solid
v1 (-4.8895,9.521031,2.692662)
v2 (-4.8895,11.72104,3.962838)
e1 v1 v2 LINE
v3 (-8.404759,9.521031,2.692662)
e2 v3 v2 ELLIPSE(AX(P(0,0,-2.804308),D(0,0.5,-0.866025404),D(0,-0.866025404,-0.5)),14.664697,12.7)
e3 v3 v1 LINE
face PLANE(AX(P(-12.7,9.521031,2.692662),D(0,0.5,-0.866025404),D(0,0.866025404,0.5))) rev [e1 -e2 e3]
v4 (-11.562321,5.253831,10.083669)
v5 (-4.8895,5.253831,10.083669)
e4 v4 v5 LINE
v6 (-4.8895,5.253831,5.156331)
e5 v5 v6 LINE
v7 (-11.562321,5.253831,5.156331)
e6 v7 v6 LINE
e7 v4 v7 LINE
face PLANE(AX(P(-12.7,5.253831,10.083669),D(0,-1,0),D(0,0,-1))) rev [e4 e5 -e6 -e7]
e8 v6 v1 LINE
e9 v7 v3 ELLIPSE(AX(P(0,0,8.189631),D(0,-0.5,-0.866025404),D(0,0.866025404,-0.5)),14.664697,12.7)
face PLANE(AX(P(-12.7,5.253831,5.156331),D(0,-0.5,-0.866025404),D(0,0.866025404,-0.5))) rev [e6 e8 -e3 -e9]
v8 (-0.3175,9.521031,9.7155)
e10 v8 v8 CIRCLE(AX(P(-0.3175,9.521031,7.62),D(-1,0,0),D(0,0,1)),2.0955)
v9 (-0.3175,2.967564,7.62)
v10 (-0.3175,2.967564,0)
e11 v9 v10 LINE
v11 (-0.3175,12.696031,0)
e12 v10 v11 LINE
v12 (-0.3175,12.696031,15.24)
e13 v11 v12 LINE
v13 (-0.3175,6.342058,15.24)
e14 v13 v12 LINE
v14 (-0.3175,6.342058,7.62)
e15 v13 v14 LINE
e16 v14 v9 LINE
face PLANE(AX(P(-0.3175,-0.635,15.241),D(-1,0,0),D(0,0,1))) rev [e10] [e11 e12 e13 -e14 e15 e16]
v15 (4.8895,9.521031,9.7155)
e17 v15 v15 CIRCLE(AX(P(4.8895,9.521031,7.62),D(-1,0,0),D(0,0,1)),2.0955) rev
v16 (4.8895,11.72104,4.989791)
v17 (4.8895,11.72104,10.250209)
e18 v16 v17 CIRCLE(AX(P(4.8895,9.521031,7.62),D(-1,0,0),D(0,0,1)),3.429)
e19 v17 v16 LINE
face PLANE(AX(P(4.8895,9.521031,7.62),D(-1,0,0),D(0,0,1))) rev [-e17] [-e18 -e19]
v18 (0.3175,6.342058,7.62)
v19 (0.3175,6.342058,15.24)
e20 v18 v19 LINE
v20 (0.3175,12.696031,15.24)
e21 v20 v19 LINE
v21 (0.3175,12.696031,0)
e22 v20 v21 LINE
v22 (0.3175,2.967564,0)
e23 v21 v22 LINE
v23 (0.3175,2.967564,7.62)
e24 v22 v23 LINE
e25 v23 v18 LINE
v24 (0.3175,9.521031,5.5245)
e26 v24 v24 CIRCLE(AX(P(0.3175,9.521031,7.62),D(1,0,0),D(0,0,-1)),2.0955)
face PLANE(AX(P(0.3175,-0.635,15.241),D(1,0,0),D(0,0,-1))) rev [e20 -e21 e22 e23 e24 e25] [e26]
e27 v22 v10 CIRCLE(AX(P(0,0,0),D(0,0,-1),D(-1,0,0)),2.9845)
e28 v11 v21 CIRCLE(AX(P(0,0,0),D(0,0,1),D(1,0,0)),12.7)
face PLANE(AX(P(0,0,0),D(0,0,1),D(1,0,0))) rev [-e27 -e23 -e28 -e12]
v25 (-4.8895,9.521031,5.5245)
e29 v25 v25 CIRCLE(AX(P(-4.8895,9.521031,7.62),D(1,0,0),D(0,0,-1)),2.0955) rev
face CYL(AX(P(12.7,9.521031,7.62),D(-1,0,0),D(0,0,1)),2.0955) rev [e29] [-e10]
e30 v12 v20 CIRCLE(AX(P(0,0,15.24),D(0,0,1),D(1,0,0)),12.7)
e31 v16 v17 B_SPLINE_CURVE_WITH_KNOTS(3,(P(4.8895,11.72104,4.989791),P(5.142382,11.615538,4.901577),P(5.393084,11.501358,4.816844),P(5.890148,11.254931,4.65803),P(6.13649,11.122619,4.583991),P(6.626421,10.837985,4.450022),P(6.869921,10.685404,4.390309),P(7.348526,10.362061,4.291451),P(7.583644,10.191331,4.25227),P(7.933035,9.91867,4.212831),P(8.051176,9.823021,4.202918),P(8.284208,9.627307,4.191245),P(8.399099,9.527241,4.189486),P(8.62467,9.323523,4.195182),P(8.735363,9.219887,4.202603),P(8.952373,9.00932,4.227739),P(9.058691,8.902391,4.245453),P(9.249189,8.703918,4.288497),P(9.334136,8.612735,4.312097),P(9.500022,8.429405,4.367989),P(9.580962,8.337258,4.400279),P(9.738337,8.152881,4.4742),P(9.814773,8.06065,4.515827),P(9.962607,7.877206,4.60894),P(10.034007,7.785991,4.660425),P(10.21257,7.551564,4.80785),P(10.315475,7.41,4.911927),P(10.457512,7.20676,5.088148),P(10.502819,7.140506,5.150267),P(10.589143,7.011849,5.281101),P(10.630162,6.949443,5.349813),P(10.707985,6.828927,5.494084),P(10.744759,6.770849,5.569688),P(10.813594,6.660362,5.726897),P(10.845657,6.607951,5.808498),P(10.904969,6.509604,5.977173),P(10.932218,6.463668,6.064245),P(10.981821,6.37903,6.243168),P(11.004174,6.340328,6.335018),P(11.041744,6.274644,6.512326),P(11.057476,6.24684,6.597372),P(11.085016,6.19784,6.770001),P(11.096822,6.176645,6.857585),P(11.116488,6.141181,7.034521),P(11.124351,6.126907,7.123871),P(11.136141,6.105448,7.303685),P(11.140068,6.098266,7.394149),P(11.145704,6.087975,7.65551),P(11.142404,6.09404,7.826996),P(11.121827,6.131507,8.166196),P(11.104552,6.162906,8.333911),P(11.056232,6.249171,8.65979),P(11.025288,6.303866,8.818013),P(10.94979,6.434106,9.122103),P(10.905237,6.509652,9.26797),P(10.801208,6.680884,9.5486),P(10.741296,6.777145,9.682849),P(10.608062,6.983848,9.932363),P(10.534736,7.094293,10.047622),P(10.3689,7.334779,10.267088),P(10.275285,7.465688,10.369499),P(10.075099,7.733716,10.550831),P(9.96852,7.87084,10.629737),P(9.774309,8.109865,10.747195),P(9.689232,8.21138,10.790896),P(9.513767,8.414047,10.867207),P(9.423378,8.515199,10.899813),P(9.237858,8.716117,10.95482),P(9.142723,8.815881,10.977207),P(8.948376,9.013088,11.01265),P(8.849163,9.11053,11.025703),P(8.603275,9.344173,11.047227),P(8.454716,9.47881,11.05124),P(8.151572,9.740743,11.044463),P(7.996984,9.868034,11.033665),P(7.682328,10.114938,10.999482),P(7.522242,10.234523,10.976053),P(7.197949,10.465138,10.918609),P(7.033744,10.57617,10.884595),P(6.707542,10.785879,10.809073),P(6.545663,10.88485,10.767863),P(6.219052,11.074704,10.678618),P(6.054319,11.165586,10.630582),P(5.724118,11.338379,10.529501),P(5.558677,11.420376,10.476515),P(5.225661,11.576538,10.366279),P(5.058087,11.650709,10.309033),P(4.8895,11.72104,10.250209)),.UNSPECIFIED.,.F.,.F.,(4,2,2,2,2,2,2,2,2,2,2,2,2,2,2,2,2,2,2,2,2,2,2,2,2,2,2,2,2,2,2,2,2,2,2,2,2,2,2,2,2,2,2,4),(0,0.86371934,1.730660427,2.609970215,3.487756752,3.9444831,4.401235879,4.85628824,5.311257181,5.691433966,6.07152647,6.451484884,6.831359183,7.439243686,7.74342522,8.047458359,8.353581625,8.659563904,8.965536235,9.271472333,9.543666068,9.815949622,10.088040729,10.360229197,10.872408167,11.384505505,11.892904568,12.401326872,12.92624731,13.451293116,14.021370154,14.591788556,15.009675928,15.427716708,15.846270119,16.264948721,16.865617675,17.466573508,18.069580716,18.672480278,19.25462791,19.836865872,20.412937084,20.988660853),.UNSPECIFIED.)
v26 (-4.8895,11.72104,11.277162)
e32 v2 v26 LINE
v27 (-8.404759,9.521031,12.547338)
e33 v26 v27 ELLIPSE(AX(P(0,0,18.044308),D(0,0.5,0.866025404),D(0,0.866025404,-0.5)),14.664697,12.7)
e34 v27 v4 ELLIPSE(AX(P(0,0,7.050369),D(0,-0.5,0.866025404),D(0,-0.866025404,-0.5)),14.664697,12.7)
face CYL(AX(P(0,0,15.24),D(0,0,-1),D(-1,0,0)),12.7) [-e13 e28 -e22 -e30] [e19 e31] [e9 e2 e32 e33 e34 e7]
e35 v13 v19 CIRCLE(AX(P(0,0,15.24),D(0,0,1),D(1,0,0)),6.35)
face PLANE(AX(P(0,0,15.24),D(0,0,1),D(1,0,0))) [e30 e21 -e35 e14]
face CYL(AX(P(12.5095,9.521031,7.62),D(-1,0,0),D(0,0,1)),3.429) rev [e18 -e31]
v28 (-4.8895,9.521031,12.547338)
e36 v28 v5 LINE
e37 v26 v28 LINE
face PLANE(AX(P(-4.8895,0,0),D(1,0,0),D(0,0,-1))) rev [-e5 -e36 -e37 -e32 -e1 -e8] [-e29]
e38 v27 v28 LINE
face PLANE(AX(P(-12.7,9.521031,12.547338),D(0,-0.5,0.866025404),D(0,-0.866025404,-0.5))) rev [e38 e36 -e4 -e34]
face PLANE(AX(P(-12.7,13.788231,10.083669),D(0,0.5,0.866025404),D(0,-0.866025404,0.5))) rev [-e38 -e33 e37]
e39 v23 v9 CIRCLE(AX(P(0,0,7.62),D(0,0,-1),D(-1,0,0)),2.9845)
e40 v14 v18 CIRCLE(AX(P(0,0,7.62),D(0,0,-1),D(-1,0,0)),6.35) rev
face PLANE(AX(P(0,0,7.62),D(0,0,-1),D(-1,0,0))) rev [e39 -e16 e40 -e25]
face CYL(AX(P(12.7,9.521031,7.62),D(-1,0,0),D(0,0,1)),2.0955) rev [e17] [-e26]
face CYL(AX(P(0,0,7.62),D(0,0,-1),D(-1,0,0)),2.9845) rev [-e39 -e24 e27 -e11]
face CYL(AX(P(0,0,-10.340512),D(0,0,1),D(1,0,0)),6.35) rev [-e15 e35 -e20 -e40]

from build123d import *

# Parameters (mm, degrees)
SKETCH1_R               = 12.7
BOSS_EXTRUDE1_DEPTH     = 15.24
SKETCH2_R               = 2.9845
CUT_EXTRUDE1_DEPTH      = 7.62
SKETCH3_R               = 6.35
CUT_EXTRUDE2_DEPTH      = 7.62
CUT_EXTRUDE3_REACH      = 25.555
SKETCH7_W               = 0.635
SKETCH7_H               = 13.97
CUT_EXTRUDE4_DEPTH      = 24.727682277
CUT_EXTRUDE4_DEPTH_BACK = 24.727682277
SKETCH8_R               = 2.0955
SKETCH9_R               = 3.429
CUT_EXTRUDE5_DEPTH      = 7.62
CUT_EXTRUDE6_DEPTH      = 27.512980205


with BuildPart() as part:
    # Sketch1 → Boss-Extrude1 (new body)
    with BuildSketch(Plane.XY):
        with Locations(Location((0, 0, 0), (0, 0, 180))):
            Circle(SKETCH1_R)
    extrude(amount=BOSS_EXTRUDE1_DEPTH)

    # Sketch2 → Cut-Extrude1 (cut)
    with BuildSketch(Plane(origin=(0, 0, 0), x_dir=(-1, 0, 0), z_dir=(0, 0, -1))):
        Circle(SKETCH2_R)
    extrude(amount=-CUT_EXTRUDE1_DEPTH, mode=Mode.SUBTRACT)

    # Sketch3 → Cut-Extrude2 (cut)
    with BuildSketch(Plane.XY.offset(15.24)):
        Circle(SKETCH3_R)
    extrude(amount=-CUT_EXTRUDE2_DEPTH, mode=Mode.SUBTRACT)

    # Sketch7 → Cut-Extrude3 (cut, up to next)
    with BuildSketch(Plane(origin=(0, 0, 0), x_dir=(-1, 0, 0), z_dir=(0, 0, -1)), mode=Mode.PRIVATE) as cut_extrude3_sk1:
        with Locations((0, 6.35)):
            Rectangle(SKETCH7_W, SKETCH7_H)
    cut_extrude3_tool1 = extrude(cut_extrude3_sk1.sketch, amount=-CUT_EXTRUDE3_REACH, mode=Mode.PRIVATE) & part.part
    add(cut_extrude3_tool1.solids().sort_by_distance((0, 6.35, 0))[0], mode=Mode.SUBTRACT)

    # Sketch8 → Cut-Extrude4 (cut, two sides: drawn at the far end of the back side and taken through both)
    with BuildSketch(Plane.ZY.offset(-0.3175).offset(-CUT_EXTRUDE4_DEPTH_BACK)):
        with Locations((7.62, 9.52103063)):
            Circle(SKETCH8_R)
    extrude(amount=CUT_EXTRUDE4_DEPTH + CUT_EXTRUDE4_DEPTH_BACK, mode=Mode.SUBTRACT)

    # Sketch9 → Cut-Extrude5 (cut)
    with BuildSketch(Plane.ZY.offset(-4.8895)):
        with Locations((7.62, 9.52103063)):
            Circle(SKETCH9_R)
    extrude(amount=-CUT_EXTRUDE5_DEPTH, mode=Mode.SUBTRACT)

    # Sketch10 → Cut-Extrude6 (cut, through all)
    with BuildSketch(Plane(origin=(-4.8895, 0, 0), x_dir=(0, 0, -1), z_dir=(1, 0, 0))):
        Polygon((-10.083669069, 5.25383063), (-5.156330931, 5.25383063), (-2.692661863, 9.52103063), (-5.156330931, 13.78823063), (-10.083669069, 13.78823063), (-12.547338137, 9.52103063), align=None)
    extrude(amount=-CUT_EXTRUDE6_DEPTH, mode=Mode.SUBTRACT)


solid = part.part
